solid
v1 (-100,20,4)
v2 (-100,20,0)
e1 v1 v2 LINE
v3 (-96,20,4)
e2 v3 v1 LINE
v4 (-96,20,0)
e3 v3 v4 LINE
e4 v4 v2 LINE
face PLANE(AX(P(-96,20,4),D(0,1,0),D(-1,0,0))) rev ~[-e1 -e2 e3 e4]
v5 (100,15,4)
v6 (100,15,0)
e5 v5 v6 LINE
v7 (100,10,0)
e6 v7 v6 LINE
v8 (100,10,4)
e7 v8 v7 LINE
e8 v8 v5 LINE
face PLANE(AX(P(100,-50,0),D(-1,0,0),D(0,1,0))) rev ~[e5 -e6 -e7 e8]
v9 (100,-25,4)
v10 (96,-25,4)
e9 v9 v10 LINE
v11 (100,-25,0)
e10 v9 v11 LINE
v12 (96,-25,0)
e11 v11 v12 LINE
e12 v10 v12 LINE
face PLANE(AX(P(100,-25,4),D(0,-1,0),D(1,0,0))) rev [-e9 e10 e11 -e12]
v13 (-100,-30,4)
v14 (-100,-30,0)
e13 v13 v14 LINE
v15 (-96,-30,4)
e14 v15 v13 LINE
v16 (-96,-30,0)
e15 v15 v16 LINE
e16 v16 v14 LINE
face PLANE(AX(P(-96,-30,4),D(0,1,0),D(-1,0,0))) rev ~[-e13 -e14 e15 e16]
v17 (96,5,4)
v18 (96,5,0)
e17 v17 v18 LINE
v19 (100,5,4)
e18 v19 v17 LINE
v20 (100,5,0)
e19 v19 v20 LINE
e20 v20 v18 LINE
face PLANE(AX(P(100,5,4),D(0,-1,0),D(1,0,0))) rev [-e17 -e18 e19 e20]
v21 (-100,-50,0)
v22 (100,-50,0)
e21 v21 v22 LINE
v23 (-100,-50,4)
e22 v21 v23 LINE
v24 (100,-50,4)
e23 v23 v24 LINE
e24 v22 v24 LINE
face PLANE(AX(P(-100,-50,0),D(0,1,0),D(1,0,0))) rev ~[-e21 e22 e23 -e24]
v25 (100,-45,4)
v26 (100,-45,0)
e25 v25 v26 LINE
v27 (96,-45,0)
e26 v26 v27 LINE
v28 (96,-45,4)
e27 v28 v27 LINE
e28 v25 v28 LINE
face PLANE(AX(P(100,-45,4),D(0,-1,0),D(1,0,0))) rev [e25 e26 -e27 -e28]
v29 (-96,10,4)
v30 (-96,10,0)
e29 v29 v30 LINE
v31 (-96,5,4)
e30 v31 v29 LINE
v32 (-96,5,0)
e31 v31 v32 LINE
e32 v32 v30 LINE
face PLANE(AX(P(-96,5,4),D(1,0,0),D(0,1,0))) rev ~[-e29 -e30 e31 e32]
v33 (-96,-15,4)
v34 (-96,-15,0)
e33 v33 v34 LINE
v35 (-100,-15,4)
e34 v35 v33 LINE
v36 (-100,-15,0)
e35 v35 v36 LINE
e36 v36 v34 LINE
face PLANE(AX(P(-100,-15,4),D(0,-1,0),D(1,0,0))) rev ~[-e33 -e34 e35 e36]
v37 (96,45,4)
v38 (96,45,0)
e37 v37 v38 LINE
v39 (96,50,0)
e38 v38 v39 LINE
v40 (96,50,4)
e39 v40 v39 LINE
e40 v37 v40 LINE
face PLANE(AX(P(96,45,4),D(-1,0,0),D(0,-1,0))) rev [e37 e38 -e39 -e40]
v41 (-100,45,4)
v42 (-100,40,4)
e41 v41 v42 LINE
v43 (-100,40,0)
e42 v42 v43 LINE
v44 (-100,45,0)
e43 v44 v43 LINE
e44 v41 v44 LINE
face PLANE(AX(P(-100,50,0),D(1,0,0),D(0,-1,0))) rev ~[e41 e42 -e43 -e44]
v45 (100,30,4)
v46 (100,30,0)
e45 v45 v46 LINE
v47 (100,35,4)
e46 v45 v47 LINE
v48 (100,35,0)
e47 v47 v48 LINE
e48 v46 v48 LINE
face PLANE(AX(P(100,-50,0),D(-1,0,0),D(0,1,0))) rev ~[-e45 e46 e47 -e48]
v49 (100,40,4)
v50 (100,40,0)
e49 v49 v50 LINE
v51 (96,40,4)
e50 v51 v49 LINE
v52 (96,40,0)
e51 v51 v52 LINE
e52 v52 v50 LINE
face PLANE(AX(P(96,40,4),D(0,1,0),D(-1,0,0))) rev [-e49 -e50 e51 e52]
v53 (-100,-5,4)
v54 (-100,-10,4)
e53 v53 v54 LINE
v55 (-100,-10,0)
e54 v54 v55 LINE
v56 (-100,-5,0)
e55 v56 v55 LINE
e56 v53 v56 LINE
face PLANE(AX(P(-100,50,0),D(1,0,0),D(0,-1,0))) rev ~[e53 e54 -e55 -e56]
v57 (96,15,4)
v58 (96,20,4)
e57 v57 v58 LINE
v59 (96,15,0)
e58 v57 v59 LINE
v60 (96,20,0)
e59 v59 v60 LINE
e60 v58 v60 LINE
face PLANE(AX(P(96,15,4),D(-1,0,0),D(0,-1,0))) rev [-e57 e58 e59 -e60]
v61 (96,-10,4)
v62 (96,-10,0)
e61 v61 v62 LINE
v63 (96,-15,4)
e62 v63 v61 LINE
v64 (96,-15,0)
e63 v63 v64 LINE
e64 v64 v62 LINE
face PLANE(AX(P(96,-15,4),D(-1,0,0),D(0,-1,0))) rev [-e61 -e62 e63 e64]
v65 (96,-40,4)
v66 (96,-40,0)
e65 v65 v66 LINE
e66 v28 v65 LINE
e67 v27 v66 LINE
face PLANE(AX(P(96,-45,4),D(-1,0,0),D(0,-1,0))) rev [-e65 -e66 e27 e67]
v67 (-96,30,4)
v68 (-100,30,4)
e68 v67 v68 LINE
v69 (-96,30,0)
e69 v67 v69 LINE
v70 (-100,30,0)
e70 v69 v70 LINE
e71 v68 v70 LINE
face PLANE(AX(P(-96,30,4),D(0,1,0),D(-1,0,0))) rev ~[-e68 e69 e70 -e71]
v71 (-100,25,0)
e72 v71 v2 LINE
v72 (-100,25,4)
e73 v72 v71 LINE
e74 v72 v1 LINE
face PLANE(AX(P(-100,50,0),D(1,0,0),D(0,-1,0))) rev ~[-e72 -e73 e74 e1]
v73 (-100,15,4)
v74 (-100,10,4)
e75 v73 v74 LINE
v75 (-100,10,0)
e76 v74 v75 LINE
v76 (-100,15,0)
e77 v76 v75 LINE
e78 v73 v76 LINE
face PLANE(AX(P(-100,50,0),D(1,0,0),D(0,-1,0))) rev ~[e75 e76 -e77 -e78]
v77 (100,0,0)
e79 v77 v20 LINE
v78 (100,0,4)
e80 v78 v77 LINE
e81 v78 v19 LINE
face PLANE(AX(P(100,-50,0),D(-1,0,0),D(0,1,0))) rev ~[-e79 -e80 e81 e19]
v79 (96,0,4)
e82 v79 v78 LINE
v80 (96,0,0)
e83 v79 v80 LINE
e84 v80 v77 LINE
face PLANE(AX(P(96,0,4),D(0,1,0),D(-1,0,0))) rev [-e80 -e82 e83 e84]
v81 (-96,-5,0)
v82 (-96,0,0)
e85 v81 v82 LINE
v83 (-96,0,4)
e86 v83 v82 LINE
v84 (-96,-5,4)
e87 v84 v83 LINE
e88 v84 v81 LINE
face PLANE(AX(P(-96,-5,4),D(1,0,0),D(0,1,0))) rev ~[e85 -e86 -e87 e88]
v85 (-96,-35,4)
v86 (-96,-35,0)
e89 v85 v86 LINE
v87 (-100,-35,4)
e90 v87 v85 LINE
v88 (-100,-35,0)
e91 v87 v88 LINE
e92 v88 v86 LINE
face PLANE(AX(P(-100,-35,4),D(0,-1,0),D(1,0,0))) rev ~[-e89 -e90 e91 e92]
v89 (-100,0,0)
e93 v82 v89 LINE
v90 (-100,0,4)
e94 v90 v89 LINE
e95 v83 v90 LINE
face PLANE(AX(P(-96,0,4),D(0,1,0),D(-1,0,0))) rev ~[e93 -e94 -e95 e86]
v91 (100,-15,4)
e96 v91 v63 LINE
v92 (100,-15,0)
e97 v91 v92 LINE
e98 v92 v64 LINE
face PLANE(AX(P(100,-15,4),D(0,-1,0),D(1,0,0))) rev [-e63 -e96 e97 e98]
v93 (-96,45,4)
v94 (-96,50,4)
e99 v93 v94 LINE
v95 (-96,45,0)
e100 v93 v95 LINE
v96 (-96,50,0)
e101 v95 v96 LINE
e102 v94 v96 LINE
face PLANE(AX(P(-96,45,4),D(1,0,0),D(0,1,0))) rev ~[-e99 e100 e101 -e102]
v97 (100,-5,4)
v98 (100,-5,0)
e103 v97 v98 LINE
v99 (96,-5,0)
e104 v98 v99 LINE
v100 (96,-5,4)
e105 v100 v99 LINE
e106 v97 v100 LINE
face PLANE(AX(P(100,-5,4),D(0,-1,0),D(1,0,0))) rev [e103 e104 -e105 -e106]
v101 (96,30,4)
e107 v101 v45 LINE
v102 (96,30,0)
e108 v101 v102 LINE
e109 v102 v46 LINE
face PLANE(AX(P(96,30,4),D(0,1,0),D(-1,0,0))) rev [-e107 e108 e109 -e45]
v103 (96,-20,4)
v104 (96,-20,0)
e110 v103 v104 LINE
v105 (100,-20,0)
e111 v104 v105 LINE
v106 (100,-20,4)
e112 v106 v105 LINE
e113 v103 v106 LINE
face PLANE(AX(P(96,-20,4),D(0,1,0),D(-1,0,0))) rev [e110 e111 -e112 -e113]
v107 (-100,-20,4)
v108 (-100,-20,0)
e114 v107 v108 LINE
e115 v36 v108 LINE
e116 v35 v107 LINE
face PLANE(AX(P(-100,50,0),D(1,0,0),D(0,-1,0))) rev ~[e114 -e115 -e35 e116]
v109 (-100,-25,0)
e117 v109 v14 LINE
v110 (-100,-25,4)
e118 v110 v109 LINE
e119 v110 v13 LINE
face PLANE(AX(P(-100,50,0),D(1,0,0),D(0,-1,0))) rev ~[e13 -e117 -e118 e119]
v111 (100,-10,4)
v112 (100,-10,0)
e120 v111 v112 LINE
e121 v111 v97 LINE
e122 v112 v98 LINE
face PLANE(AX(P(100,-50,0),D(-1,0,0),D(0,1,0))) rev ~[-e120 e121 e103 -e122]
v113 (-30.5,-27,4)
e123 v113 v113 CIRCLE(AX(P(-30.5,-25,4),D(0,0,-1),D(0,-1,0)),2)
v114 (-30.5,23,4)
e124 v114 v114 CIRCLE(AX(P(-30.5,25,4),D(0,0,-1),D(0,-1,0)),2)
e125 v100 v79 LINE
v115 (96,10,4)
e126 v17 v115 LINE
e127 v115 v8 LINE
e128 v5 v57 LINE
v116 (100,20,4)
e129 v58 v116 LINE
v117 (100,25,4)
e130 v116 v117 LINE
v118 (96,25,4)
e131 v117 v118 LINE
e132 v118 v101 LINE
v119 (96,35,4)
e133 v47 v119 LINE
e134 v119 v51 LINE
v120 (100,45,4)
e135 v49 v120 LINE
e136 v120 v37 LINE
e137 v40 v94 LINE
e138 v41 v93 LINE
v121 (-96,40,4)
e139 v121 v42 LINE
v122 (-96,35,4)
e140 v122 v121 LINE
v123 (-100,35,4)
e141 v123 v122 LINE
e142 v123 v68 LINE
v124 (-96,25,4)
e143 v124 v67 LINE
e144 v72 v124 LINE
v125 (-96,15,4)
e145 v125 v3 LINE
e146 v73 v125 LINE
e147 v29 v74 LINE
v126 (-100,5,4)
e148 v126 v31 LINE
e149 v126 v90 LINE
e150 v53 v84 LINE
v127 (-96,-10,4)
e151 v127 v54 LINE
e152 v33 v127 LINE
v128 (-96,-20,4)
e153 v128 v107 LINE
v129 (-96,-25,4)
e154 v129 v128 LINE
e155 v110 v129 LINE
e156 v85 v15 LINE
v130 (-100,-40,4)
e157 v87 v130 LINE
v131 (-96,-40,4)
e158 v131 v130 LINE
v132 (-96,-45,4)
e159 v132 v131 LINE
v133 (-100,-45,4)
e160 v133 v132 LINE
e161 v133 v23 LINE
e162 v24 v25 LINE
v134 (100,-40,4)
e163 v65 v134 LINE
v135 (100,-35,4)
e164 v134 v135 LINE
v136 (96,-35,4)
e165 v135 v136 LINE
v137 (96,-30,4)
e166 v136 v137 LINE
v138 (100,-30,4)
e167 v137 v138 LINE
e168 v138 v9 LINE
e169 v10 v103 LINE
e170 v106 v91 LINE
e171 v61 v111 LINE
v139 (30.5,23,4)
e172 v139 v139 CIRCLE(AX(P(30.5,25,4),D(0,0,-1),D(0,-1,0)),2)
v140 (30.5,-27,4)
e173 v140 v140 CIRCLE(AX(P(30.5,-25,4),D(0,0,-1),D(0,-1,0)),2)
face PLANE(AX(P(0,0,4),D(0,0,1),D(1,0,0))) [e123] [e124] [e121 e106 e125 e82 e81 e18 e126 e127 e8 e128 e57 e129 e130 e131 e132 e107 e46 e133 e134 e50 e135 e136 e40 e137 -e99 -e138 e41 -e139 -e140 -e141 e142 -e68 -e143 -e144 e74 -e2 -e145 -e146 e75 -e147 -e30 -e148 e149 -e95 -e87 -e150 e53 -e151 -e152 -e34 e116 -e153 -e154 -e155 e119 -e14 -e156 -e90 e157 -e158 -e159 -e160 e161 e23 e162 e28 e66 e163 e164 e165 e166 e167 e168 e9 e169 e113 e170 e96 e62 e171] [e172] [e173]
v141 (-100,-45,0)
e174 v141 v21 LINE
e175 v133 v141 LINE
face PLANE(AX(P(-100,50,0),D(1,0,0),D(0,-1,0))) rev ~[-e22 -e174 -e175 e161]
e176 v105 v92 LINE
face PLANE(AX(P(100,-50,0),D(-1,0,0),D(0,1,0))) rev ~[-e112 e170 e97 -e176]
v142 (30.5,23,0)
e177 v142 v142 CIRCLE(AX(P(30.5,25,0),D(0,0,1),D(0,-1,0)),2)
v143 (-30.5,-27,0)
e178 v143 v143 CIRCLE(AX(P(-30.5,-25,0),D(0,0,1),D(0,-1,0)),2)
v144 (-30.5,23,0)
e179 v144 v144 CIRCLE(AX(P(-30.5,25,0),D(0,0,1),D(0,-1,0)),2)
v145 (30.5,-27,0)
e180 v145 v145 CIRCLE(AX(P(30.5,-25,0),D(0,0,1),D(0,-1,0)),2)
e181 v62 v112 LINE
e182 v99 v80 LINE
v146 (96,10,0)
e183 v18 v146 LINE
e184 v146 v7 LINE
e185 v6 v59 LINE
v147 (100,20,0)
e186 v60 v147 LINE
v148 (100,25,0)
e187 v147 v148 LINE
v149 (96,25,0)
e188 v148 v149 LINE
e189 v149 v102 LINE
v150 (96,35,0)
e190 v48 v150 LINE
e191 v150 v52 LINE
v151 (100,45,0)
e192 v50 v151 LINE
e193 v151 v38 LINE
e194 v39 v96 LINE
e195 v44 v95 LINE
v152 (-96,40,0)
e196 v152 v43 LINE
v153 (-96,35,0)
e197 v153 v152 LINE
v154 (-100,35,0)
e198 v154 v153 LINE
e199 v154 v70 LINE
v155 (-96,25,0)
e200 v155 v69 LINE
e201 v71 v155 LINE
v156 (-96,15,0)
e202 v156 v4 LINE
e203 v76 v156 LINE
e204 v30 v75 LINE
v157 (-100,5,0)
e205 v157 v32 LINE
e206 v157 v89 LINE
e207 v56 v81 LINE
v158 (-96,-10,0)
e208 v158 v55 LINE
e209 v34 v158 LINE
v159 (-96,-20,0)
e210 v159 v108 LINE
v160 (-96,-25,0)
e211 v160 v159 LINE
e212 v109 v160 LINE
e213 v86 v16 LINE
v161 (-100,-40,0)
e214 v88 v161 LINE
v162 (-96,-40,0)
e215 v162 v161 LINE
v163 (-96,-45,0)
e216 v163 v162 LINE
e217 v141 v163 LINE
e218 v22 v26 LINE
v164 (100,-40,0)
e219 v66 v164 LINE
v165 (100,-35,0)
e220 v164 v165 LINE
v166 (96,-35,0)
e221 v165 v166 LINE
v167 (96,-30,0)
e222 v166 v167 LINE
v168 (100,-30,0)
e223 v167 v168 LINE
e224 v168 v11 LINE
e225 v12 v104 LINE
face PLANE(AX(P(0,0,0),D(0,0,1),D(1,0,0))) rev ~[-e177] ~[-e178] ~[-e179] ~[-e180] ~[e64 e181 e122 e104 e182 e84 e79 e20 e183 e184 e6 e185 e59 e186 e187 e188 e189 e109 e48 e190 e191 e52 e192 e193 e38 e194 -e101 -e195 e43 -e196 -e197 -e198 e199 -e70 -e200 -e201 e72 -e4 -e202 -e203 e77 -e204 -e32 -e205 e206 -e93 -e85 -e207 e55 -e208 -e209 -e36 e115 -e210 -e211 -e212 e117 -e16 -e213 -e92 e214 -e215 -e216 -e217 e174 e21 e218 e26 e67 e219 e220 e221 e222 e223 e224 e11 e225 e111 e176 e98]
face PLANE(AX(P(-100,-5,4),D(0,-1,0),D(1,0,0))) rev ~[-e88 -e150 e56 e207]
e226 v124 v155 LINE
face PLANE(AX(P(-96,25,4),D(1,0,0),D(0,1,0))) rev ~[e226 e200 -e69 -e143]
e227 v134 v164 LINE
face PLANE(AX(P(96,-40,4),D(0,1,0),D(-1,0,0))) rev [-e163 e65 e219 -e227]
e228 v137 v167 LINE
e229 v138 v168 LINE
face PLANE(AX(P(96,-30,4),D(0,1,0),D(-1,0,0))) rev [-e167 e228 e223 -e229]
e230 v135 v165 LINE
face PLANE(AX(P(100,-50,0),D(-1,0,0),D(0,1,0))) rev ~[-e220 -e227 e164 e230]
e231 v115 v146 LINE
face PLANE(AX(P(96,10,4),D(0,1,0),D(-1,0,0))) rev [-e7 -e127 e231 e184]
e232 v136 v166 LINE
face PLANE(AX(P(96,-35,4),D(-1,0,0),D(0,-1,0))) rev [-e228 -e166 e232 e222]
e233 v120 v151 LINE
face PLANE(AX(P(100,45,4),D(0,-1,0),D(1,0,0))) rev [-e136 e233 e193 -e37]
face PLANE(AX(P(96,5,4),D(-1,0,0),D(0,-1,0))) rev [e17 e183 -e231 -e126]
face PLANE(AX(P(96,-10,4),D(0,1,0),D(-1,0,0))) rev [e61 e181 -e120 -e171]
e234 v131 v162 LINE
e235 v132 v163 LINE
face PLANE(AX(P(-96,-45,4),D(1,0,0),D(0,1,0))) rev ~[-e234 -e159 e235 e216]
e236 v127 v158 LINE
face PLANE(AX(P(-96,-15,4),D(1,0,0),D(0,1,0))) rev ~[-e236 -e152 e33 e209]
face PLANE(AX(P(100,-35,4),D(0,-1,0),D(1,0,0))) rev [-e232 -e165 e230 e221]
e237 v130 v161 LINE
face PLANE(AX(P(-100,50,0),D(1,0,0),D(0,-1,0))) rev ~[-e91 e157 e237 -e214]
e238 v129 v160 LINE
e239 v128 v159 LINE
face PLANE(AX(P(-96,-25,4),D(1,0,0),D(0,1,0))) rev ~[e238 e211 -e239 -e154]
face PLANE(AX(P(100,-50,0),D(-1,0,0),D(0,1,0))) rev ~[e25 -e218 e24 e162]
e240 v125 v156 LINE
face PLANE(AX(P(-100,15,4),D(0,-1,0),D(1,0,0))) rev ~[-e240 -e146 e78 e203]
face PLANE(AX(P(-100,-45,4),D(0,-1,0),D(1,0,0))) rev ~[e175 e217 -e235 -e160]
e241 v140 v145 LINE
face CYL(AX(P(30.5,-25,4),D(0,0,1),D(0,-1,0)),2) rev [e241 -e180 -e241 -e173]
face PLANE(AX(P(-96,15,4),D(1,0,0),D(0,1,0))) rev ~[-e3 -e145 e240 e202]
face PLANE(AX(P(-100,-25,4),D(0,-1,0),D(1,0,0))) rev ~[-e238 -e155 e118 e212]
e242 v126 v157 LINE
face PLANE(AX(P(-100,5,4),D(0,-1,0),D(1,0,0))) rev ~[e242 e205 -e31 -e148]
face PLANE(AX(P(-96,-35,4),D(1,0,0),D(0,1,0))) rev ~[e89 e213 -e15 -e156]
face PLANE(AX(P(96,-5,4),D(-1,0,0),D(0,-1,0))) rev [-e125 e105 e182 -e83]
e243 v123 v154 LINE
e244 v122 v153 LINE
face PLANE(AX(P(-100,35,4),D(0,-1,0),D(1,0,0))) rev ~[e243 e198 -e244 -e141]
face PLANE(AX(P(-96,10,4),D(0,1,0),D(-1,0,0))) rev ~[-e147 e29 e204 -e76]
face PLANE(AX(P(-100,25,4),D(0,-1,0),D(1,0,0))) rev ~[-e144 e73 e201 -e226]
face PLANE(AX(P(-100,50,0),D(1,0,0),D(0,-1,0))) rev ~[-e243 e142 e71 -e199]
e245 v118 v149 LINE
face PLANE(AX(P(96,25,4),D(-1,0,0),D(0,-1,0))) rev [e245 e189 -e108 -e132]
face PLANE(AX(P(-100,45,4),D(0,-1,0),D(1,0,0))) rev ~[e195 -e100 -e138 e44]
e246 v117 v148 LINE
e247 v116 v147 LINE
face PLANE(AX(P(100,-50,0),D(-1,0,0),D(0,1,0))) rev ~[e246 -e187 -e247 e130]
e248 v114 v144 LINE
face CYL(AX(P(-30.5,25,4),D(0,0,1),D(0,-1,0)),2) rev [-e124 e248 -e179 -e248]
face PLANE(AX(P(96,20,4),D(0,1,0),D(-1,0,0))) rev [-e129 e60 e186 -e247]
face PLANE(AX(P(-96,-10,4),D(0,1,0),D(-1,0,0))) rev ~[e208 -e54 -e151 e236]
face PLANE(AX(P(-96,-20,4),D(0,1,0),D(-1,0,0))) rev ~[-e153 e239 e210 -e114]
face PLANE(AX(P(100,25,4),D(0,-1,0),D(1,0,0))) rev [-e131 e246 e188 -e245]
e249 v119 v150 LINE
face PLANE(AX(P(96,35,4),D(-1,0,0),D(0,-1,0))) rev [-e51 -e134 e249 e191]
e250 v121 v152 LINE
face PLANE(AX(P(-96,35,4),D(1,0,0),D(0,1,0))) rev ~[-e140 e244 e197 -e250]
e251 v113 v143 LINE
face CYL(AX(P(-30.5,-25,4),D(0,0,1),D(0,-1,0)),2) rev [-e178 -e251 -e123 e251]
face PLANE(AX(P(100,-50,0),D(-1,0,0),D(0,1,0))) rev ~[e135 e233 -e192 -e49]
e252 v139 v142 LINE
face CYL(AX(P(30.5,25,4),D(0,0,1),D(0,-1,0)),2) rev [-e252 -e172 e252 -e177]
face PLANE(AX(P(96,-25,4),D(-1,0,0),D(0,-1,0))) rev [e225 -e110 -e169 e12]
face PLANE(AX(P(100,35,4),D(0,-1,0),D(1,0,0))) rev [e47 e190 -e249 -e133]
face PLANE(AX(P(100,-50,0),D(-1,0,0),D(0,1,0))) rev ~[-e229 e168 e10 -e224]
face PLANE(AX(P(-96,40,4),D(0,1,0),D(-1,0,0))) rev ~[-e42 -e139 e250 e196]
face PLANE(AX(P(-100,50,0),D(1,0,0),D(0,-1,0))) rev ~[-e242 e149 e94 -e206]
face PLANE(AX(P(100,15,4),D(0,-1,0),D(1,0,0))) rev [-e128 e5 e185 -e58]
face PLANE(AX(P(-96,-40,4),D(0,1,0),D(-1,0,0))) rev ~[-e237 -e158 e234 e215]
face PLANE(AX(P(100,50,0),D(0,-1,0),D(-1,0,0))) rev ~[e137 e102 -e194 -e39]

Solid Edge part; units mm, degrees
sketch "Sketch1" plane through (0, 0, 0) normal (0, 0, 1) x (1, 0, 0)
  line L0 (-100, -50) -> (100, -50)
  line L1 (100, -50) -> (100, 50)
  line L2 (100, 50) -> (-100, 50)
  line L3 (-100, 50) -> (-100, -50)
  dimension "D1" = 100
  dimension "D2" = 200
  dimension "D3" = 100
  dimension "D4" = 50
extrude "Protrusion1" add sketch "Sketch1" along normal blind 4
sketch "Sketch2" plane through (14.6999, -33.2226, 4) normal (0, 0, 1) x (1, 0, 0)
  line L0 (-114.6999, 68.2226) -> (-110.6999, 68.2226)
  line L1 (-110.6999, 68.2226) -> (-110.6999, 73.2226)
  line L2 (-110.6999, 73.2226) -> (-114.6999, 73.2226)
  line L3 (-114.6999, 73.2226) -> (-114.6999, 68.2226)
  line L4 (-114.6999, 58.2226) -> (-110.6999, 58.2226)
  line L5 (-110.6999, 58.2226) -> (-110.6999, 63.2226)
  line L6 (-110.6999, 63.2226) -> (-114.6999, 63.2226)
  line L7 (-114.6999, 63.2226) -> (-114.6999, 58.2226)
  line L8 (-114.6999, 48.2226) -> (-110.6999, 48.2226)
  line L9 (-110.6999, 48.2226) -> (-110.6999, 53.2226)
  line L10 (-110.6999, 53.2226) -> (-114.6999, 53.2226)
  line L11 (-114.6999, 53.2226) -> (-114.6999, 48.2226)
  line L12 (-114.6999, 38.2226) -> (-110.6999, 38.2226)
  line L13 (-110.6999, 38.2226) -> (-110.6999, 43.2226)
  line L14 (-110.6999, 43.2226) -> (-114.6999, 43.2226)
  line L15 (-114.6999, 43.2226) -> (-114.6999, 38.2226)
  line L16 (-114.6999, 28.2226) -> (-110.6999, 28.2226)
  line L17 (-110.6999, 28.2226) -> (-110.6999, 33.2226)
  line L18 (-110.6999, 33.2226) -> (-114.6999, 33.2226)
  line L19 (-114.6999, 33.2226) -> (-114.6999, 28.2226)
  line L20 (-114.6999, 18.2226) -> (-110.6999, 18.2226)
  line L21 (-110.6999, 18.2226) -> (-110.6999, 23.2226)
  line L22 (-110.6999, 23.2226) -> (-114.6999, 23.2226)
  line L23 (-114.6999, 23.2226) -> (-114.6999, 18.2226)
  line L24 (-114.6999, 8.2226) -> (-110.6999, 8.2226)
  line L25 (-110.6999, 8.2226) -> (-110.6999, 13.2226)
  line L26 (-110.6999, 13.2226) -> (-114.6999, 13.2226)
  line L27 (-114.6999, 13.2226) -> (-114.6999, 8.2226)
  line L28 (-114.6999, -1.7774) -> (-110.6999, -1.7774)
  line L29 (-110.6999, -1.7774) -> (-110.6999, 3.2226)
  line L30 (-110.6999, 3.2226) -> (-114.6999, 3.2226)
  line L31 (-114.6999, 3.2226) -> (-114.6999, -1.7774)
  line L32 (-114.6999, -11.7774) -> (-110.6999, -11.7774)
  line L33 (-110.6999, -11.7774) -> (-110.6999, -6.7774)
  line L34 (-110.6999, -6.7774) -> (-114.6999, -6.7774)
  line L35 (-114.6999, -6.7774) -> (-114.6999, -11.7774)
  line L36 (-114.6999, 78.2226) -> (-110.6999, 78.2226)
  line L37 (-110.6999, 78.2226) -> (-110.6999, 83.2226)
  line L38 (-110.6999, 83.2226) -> (-114.6999, 83.2226)
  line L39 (-114.6999, 83.2226) -> (-114.6999, 78.2226)
  dimension "D1" = 5
  dimension "D2" = 4
  dimension "D3" = 4
  dimension "D4" = 5
  dimension "D5" = 5
  dimension "D6" = 4
  dimension "D7" = 5
  dimension "D8" = 4
  dimension "D9" = 4
  dimension "D10" = 5
  dimension "D11" = 4
  dimension "D12" = 5
  dimension "D13" = 4
  dimension "D14" = 5
  dimension "D15" = 4
  dimension "D16" = 5
  dimension "D17" = 4
  dimension "D18" = 5
  dimension "D19" = 5
  dimension "D20" = 5
  dimension "D21" = 5
  dimension "D22" = 5
  dimension "D23" = 5
  dimension "D24" = 5
  dimension "D25" = 5
  dimension "D26" = 5
  dimension "D27" = 5
  dimension "D28" = 4
  dimension "D29" = 5
  dimension "D30" = 5
extrude "Cutout1" cut sketch "Sketch2" against normal through all
mirror "Mirror1" about plane through (0, 0, 0) normal (1, 0, 0) of "Cutout1"
hole "Hole_1" at (30.5, 25, 4) direction (0, 0, -1) diameter 4 end through all
hole "Hole1" at (30.5, -25, 4) direction (0, 0, -1) diameter 4 end through all
hole "Hole2" at (-30.5, -25, 4) direction (0, 0, -1) diameter 4 end through all
hole "Hole3" at (-30.5, 25, 4) direction (0, 0, -1) diameter 4 end through all
